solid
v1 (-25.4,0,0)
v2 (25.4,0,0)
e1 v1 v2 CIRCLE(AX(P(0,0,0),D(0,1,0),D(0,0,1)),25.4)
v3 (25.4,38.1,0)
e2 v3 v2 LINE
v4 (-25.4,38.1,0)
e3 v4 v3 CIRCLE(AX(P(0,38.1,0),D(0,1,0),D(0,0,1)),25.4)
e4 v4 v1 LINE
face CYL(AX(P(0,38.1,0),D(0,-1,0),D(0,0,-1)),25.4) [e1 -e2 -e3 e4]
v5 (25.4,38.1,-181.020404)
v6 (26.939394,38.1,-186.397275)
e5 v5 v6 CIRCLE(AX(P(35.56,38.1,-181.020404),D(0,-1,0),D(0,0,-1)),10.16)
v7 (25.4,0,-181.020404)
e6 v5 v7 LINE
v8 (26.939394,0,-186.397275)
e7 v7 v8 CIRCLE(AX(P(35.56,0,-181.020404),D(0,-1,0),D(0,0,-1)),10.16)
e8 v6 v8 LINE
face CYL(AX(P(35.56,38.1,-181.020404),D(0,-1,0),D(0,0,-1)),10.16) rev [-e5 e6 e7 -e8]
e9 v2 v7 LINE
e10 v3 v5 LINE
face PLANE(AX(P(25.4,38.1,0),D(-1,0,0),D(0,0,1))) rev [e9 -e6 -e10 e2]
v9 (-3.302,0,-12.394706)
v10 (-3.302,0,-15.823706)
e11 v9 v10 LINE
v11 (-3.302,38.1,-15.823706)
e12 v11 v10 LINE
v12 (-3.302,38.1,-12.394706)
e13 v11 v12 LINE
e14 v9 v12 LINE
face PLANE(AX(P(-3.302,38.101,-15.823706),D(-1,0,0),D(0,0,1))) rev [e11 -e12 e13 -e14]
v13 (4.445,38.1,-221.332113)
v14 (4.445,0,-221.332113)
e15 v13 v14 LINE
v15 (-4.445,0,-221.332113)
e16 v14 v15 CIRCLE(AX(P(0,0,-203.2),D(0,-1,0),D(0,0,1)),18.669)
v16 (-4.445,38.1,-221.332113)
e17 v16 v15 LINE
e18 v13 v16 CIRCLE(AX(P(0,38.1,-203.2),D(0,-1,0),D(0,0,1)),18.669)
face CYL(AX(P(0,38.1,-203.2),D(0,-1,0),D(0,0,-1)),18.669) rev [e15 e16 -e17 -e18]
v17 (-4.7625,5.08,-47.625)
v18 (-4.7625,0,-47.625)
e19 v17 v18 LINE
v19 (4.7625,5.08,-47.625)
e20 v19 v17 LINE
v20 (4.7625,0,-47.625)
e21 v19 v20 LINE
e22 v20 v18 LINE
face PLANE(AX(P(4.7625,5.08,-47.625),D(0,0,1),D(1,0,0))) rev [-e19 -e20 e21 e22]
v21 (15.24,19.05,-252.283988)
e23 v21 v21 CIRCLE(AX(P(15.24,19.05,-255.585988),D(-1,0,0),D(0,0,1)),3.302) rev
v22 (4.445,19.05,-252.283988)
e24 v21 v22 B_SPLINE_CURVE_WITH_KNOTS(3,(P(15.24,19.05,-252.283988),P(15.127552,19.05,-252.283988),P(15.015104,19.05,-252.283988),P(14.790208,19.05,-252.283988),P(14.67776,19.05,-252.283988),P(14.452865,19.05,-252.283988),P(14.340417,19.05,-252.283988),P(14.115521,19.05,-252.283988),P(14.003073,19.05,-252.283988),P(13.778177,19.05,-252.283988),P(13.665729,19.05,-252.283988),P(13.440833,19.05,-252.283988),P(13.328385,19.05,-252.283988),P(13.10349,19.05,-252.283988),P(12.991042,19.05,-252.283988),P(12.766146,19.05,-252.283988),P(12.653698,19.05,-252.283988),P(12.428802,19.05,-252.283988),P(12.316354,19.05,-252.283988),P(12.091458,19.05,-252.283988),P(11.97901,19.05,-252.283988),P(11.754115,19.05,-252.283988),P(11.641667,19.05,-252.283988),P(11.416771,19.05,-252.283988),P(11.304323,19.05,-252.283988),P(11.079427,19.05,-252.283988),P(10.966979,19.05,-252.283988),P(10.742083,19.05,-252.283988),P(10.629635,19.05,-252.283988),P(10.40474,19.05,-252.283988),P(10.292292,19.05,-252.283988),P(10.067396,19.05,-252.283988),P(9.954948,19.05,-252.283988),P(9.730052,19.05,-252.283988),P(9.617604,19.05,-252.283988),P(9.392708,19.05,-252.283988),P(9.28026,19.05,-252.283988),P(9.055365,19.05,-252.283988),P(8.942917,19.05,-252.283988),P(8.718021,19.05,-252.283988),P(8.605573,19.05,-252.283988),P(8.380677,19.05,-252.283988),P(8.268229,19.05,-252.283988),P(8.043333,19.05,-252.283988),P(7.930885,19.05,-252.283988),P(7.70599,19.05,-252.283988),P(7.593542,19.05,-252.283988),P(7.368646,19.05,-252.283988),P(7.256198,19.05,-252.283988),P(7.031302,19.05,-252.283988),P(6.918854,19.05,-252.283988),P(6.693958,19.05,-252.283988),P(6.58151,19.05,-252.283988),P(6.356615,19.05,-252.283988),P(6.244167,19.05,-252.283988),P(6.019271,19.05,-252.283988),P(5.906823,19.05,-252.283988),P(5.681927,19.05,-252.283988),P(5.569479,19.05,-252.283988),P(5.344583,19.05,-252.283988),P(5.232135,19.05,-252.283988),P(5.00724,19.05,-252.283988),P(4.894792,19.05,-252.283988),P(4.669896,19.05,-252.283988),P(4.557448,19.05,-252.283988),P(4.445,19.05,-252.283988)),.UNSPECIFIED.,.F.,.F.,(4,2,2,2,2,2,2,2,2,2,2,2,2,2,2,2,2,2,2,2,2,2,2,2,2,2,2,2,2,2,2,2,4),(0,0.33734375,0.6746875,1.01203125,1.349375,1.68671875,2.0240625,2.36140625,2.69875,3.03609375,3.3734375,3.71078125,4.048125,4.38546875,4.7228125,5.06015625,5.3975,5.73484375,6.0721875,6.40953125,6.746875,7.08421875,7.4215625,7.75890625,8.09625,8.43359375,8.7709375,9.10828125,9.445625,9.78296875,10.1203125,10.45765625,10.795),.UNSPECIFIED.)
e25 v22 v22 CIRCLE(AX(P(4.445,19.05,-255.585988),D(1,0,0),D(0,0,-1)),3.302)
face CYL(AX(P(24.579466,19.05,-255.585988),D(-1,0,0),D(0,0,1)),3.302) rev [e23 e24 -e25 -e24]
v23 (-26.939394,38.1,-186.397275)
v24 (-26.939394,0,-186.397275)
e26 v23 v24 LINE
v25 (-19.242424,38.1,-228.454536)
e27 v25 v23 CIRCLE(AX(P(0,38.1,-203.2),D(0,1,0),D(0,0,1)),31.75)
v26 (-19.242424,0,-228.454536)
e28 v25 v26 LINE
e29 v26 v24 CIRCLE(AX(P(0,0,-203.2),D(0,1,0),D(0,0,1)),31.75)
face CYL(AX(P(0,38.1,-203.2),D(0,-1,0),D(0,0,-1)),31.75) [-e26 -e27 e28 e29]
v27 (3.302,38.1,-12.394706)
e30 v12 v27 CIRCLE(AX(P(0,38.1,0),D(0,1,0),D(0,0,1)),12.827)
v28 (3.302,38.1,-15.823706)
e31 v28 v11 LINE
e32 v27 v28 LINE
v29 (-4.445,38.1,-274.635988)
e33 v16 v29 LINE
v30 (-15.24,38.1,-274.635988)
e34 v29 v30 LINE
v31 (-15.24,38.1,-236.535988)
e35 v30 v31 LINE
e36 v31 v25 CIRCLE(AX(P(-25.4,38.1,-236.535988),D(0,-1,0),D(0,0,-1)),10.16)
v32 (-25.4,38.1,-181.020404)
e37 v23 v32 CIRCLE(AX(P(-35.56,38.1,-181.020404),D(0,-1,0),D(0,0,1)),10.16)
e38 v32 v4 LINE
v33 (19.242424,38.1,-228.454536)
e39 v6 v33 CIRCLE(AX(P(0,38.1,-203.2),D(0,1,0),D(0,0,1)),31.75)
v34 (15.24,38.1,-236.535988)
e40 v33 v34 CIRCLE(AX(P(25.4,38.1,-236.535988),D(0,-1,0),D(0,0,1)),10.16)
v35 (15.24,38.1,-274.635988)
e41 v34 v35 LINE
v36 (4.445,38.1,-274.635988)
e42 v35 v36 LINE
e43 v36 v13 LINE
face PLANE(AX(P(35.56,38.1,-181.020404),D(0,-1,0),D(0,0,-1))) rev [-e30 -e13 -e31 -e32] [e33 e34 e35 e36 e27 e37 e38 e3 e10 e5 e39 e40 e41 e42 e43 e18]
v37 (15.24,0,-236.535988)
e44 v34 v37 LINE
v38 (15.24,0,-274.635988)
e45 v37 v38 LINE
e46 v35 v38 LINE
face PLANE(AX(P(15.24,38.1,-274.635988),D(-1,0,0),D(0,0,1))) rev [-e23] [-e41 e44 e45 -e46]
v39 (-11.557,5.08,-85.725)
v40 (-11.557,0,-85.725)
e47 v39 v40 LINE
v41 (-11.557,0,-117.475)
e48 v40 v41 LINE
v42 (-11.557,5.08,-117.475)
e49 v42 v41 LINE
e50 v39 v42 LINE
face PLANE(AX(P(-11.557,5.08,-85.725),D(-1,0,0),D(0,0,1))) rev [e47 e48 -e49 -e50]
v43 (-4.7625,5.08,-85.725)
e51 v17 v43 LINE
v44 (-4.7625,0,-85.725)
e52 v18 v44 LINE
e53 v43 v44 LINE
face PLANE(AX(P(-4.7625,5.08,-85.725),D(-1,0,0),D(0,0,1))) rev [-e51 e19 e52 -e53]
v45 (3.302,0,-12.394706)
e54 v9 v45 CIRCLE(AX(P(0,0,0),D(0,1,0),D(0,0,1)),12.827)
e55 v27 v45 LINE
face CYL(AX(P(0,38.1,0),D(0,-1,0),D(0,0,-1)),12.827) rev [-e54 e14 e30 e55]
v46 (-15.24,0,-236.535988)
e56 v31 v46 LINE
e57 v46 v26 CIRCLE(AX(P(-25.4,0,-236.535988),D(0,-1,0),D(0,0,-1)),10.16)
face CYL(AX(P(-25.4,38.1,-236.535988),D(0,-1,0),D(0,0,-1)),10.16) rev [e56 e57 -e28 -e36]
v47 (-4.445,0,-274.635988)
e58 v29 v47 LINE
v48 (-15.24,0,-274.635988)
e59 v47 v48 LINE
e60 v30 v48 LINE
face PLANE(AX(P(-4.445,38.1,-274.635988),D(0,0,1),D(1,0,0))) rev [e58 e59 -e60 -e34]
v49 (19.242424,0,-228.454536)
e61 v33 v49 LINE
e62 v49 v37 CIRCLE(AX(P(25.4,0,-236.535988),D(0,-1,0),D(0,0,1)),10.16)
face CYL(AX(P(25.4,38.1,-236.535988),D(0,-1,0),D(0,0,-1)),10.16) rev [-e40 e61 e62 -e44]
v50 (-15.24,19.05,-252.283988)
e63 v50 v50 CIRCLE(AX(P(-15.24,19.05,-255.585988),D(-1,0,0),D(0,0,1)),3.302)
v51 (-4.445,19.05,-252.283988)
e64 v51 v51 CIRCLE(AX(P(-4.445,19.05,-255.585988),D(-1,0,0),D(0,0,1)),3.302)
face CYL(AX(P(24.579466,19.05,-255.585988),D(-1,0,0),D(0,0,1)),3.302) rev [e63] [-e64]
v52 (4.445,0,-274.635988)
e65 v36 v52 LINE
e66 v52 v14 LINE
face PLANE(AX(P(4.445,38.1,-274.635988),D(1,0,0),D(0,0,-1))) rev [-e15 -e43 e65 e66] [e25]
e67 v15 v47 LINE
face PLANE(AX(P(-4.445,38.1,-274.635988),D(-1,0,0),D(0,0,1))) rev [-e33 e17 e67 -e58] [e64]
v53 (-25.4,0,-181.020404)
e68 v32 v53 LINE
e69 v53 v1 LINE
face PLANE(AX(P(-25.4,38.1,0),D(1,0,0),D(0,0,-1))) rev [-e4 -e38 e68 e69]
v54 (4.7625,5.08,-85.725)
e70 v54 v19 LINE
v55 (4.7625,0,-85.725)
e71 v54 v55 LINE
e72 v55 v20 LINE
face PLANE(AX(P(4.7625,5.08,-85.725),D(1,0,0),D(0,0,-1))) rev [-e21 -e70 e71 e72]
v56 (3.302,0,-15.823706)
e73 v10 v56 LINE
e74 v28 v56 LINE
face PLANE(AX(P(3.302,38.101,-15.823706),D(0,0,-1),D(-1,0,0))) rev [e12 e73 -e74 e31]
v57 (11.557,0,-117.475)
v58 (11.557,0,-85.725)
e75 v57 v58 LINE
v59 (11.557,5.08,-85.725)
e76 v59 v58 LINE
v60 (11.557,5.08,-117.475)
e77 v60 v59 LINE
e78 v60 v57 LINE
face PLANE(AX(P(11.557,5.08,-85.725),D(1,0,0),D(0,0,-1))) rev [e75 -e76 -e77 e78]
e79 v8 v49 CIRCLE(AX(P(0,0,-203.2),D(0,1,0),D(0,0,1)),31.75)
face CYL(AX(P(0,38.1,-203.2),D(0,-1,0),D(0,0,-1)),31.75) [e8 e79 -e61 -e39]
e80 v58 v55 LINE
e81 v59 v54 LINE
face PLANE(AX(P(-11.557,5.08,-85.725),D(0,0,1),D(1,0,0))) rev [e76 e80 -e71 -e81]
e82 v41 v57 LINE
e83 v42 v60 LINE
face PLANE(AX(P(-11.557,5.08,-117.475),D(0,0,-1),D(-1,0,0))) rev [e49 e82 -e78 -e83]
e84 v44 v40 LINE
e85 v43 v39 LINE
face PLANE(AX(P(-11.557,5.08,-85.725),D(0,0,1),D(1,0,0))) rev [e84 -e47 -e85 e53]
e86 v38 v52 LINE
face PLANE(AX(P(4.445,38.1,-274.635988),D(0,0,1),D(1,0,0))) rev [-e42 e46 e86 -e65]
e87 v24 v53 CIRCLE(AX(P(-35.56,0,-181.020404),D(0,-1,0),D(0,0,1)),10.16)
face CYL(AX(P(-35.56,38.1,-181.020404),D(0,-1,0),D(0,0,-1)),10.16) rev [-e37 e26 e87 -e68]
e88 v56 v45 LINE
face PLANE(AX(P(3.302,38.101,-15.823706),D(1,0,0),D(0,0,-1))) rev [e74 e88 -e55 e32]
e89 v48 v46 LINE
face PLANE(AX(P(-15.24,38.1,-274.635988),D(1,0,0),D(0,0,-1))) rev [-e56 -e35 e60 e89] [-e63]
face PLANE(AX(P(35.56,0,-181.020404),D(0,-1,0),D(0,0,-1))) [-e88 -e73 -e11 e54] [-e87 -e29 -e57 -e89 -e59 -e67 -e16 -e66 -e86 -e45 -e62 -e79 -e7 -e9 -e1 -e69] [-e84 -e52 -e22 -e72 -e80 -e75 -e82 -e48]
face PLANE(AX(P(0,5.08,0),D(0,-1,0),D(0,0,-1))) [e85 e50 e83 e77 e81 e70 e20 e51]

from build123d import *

# Parameters (mm, degrees)
SKETCH2_R           = 12.827
BOSS_EXTRUDE1_DEPTH = 38.1
CUT_EXTRUDE1_REACH  = 283.22
SKETCH3_R           = 3.302
SKETCH4_W           = 23.114
SKETCH4_H           = 31.75
CUT_EXTRUDE2_DEPTH  = 5.08
SKETCH5_W           = 9.525
SKETCH5_H           = 38.1
CUT_EXTRUDE3_DEPTH  = 5.08
CUT_EXTRUDE4_REACH  = 281.078
SKETCH6_W           = 6.604
SKETCH6_H           = 3.429


with BuildPart() as part:
    # Sketch2 → Boss-Extrude1 (new body)
    with BuildSketch(Plane(origin=(0, 0, 0), x_dir=(1, 0, 0), z_dir=(0, 1, 0))):
        with BuildLine():
            Line((-25.4, 0), (-25.4, 181.02040352))
            ThreePointArc((-25.4, 181.02040352), (-25.79242718, 183.816851484), (-26.939393939, 186.397275394))
            ThreePointArc((-26.939393939, 186.397275394), (-31.231288537, 208.915690363), (-19.242424242, 228.45453641))
            ThreePointArc((-19.242424242, 228.45453641), (-16.295425059, 232.026851209), (-15.24, 236.535988061))
            Line((-15.24, 236.535988061), (-15.24, 274.635988061))
            Line((-15.24, 274.635988061), (-4.445, 274.635988061))
            Line((-4.445, 274.635988061), (-4.445, 221.33211339))
            ThreePointArc((-4.445, 221.33211339), (0, 184.531), (4.445, 221.33211339))
            Line((4.445, 221.33211339), (4.445, 274.635988061))
            Line((4.445, 274.635988061), (15.24, 274.635988061))
            Line((15.24, 274.635988061), (15.24, 236.535988061))
            ThreePointArc((15.24, 236.535988061), (16.295425059, 232.026851209), (19.242424242, 228.45453641))
            ThreePointArc((19.242424242, 228.45453641), (31.231288537, 208.915690363), (26.939393939, 186.397275394))
            ThreePointArc((26.939393939, 186.397275394), (25.79242718, 183.816851484), (25.4, 181.02040352))
            Line((25.4, 181.02040352), (25.4, 0))
            ThreePointArc((25.4, 0), (0, -25.4), (-25.4, 0))
        make_face()
        with Locations(Location((0, 0, 0), (0, 0, 90))):
            Circle(SKETCH2_R, mode=Mode.SUBTRACT)
    extrude(amount=BOSS_EXTRUDE1_DEPTH)

    # Cut-Extrude1: up to this face of the body (flat: up to its plane)
    cut_extrude1_end = Plane(part.part.faces().sort_by_distance((15.24, 19.05, -255.585988061))[0])
    # Sketch3 → Cut-Extrude1 (cut, up to the picked face)
    with BuildSketch(Plane.ZY.offset(15.24), mode=Mode.PRIVATE) as cut_extrude1_sk1:
        with Locations((-255.585988061, 19.05)):
            Circle(SKETCH3_R)
    cut_extrude1_tool1 = split(extrude(cut_extrude1_sk1.sketch, amount=-CUT_EXTRUDE1_REACH, mode=Mode.PRIVATE), bisect_by=cut_extrude1_end, keep=Keep.BOTH, mode=Mode.PRIVATE)
    add(cut_extrude1_tool1.solids().sort_by(Axis((-15.24, 19.05, -255.585988), (1, 0, 0)))[0], mode=Mode.SUBTRACT)

    # Sketch4 → Cut-Extrude2 (cut)
    with BuildSketch(Plane.XZ):
        with Locations((0, -101.6)):
            Rectangle(SKETCH4_W, SKETCH4_H)
    extrude(amount=-CUT_EXTRUDE2_DEPTH, mode=Mode.SUBTRACT)

    # Sketch5 → Cut-Extrude3 (cut)
    with BuildSketch(Plane.XZ):
        with Locations((0, -66.675)):
            Rectangle(SKETCH5_W, SKETCH5_H)
    extrude(amount=-CUT_EXTRUDE3_DEPTH, mode=Mode.SUBTRACT)

    # Sketch6 → Cut-Extrude4 (cut, up to next)
    with BuildSketch(Plane.XZ, mode=Mode.PRIVATE) as cut_extrude4_sk1:
        with Locations((0, -14.109205523)):
            Rectangle(SKETCH6_W, SKETCH6_H)
    cut_extrude4_tool1 = extrude(cut_extrude4_sk1.sketch, amount=-CUT_EXTRUDE4_REACH, mode=Mode.PRIVATE) & part.part
    add(cut_extrude4_tool1.solids().sort_by_distance((0, 0, -14.109206))[0], mode=Mode.SUBTRACT)


solid = part.part
